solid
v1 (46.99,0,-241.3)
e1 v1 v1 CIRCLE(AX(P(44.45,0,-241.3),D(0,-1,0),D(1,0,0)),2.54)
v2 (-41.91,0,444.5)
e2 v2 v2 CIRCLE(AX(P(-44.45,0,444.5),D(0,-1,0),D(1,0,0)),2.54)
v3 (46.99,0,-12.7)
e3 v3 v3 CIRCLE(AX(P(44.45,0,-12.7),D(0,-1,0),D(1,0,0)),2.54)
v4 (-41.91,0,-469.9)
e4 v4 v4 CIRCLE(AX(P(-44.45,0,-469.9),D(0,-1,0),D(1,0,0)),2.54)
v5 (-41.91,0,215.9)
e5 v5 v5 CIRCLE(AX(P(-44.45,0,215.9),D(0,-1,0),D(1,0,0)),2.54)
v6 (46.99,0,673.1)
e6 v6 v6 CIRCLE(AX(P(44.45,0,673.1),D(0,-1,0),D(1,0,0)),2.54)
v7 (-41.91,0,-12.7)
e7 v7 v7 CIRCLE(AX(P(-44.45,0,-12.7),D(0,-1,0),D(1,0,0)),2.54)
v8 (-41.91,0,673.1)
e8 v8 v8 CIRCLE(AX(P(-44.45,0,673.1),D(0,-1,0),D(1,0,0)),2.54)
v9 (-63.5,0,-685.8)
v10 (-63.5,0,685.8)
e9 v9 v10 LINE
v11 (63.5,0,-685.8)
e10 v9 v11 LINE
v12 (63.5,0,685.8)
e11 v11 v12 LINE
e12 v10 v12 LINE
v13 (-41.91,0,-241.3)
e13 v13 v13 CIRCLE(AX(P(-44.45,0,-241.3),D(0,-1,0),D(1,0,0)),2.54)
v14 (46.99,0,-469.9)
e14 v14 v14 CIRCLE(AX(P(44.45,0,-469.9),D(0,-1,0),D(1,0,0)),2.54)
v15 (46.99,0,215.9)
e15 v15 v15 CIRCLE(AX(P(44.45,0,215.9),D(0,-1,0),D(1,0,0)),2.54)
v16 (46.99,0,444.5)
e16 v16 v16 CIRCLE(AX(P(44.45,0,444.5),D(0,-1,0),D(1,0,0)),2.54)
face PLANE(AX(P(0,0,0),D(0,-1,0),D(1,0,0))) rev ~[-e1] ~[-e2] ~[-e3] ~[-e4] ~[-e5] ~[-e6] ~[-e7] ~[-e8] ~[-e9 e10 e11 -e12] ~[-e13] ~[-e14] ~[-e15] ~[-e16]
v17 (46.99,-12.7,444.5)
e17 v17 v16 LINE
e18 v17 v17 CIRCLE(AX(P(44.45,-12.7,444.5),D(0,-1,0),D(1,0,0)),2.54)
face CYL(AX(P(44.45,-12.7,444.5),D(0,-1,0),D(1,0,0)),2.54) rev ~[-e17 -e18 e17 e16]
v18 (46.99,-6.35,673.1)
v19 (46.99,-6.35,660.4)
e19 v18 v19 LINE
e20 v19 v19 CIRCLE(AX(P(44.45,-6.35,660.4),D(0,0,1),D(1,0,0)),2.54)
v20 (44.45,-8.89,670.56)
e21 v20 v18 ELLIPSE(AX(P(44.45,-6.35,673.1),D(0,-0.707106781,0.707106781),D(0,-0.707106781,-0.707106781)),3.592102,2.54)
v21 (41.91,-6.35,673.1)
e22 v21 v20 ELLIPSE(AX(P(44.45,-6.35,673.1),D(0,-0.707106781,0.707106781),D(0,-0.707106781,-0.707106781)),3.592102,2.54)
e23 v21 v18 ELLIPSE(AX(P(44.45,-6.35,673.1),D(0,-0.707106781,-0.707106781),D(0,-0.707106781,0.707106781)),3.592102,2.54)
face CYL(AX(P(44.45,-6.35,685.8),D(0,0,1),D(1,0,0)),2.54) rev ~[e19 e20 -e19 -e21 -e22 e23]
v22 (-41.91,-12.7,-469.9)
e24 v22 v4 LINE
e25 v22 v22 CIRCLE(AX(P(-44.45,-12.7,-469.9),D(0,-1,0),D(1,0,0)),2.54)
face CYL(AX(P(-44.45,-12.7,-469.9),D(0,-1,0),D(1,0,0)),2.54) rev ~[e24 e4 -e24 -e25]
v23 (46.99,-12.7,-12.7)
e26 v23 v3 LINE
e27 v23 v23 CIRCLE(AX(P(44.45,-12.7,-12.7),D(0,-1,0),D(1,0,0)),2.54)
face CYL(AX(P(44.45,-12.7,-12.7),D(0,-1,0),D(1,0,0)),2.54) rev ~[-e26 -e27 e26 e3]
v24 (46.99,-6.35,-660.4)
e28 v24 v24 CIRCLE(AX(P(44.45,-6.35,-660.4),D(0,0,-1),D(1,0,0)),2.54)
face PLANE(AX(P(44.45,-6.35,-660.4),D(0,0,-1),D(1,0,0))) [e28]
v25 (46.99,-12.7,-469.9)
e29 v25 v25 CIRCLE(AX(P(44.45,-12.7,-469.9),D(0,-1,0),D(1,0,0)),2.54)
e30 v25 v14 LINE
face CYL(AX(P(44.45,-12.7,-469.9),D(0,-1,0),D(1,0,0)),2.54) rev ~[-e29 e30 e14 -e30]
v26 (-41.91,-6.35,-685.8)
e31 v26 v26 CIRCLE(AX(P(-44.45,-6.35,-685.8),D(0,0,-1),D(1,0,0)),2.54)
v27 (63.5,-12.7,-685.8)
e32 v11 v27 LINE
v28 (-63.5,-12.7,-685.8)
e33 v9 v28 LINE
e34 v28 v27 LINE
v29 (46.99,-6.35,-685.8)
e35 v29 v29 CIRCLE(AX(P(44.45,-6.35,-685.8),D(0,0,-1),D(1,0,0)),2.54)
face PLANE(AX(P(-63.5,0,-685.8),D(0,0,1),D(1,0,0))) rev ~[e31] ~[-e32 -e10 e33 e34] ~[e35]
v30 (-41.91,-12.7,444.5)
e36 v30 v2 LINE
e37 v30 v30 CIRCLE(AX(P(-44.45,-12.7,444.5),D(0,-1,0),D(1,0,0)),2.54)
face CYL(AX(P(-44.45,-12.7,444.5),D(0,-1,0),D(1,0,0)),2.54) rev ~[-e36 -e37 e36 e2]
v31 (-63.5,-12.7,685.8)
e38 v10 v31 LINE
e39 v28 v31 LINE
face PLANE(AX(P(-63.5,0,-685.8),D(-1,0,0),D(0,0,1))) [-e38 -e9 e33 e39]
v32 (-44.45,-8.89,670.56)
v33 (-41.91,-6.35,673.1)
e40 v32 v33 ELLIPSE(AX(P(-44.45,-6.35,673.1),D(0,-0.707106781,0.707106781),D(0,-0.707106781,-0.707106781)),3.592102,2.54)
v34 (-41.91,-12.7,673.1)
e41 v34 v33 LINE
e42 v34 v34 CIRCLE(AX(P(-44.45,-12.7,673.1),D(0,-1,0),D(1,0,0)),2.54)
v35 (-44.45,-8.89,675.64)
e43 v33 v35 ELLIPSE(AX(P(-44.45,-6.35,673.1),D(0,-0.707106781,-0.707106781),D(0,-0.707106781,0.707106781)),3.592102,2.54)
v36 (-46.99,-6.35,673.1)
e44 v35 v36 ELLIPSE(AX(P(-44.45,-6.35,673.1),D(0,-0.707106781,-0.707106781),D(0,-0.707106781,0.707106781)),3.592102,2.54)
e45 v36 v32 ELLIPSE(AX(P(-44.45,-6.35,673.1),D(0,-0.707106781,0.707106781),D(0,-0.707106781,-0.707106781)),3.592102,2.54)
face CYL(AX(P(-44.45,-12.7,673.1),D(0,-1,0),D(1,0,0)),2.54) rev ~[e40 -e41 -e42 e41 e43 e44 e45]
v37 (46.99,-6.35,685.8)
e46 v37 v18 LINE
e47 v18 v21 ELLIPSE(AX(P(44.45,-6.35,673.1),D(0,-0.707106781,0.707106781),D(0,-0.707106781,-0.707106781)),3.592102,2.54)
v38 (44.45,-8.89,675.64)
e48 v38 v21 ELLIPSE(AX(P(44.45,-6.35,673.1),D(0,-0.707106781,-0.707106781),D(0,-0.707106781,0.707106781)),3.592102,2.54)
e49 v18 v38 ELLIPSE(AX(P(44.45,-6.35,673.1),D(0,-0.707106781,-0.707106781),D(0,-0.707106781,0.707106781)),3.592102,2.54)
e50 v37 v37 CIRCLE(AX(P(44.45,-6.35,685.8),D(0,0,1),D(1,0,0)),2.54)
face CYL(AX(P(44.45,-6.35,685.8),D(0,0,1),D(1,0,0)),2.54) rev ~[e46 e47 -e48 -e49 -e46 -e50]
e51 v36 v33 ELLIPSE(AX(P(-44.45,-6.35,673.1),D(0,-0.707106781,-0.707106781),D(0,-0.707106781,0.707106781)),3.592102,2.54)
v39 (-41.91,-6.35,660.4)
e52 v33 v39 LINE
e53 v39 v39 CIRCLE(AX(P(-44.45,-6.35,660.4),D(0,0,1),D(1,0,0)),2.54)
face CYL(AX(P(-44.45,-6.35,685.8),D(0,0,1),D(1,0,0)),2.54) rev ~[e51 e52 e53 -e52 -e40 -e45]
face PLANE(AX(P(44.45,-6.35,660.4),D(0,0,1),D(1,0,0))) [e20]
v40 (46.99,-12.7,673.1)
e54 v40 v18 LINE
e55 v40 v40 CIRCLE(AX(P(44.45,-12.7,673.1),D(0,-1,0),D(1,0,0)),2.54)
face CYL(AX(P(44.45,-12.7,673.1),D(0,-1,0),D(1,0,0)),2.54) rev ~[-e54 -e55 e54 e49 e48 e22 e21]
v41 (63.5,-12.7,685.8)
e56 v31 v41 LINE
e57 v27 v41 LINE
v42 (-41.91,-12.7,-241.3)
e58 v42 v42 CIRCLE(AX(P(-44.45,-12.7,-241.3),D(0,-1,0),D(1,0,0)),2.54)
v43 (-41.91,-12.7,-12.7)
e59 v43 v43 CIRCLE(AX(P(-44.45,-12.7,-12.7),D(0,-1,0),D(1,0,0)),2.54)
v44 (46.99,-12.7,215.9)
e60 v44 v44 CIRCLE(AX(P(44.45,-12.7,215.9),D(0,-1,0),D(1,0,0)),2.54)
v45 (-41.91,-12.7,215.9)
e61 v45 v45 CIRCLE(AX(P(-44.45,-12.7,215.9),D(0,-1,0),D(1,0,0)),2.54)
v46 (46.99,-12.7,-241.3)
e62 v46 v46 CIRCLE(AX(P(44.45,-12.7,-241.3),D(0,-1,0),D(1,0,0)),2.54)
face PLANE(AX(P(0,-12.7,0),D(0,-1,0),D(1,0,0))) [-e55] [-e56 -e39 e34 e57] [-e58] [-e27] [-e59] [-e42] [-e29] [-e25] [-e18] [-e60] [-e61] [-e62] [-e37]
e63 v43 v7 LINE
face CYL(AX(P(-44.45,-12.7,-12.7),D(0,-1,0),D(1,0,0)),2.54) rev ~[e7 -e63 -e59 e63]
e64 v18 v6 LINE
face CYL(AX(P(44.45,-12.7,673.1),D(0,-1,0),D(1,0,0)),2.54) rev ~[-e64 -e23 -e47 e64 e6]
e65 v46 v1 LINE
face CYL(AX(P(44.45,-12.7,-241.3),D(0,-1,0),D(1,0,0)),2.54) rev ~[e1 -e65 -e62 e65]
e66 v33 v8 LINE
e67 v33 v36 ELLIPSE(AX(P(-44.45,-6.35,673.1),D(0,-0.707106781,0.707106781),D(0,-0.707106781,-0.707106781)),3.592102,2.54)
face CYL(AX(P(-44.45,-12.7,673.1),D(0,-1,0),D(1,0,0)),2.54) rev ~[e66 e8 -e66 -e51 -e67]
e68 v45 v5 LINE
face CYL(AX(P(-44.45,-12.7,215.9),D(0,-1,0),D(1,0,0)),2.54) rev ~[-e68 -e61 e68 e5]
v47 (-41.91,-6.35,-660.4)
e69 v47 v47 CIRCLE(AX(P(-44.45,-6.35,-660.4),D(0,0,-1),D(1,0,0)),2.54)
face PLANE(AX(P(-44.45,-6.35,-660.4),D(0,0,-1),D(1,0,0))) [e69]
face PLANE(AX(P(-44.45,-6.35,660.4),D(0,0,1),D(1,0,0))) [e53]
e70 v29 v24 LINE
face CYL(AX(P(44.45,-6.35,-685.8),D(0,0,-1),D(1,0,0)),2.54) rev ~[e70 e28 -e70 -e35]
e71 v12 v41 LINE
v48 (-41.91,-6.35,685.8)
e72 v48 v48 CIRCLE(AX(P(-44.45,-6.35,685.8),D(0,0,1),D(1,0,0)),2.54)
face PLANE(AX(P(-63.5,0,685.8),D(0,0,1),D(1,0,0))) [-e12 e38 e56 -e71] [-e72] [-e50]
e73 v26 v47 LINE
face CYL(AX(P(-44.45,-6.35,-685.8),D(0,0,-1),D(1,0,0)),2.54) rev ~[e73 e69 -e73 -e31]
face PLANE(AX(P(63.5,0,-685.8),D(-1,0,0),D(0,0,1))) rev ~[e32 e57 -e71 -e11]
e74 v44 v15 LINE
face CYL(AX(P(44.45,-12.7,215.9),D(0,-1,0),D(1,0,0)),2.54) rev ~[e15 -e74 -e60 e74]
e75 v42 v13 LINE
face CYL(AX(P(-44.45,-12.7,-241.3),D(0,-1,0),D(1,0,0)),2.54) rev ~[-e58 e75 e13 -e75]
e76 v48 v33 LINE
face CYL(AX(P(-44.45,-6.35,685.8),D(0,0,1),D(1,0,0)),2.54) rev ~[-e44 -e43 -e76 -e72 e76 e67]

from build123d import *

# Parameters (mm, degrees)
F0_W     = 127
F0_H     = 1371.6
F1_DEPTH = 12.7
F2_R     = 2.54
F3_DEPTH = 309.88
F4_R     = 2.54
F5_DEPTH = 25.4
F6_R     = 2.54
F7_DEPTH = 25.4


with BuildPart() as f1:
    # F0 (on Front) → F1 (new body)
    with BuildSketch(Plane.XZ):
        Rectangle(F0_W, F0_H)
    extrude(amount=F1_DEPTH)

    # F2 (on face) → F3 (cut)
    with BuildSketch(Plane.XZ.offset(12.7)):
        with Locations((-44.45, -469.9)):
            Circle(F2_R)
        with Locations((44.45, -469.9)):
            Circle(F2_R)
        with Locations((44.45, -241.3)):
            Circle(F2_R)
        with Locations((-44.45, -241.3)):
            Circle(F2_R)
        with Locations((44.45, -12.7)):
            Circle(F2_R)
        with Locations((-44.45, -12.7)):
            Circle(F2_R)
        with Locations((44.45, 215.9)):
            Circle(F2_R)
        with Locations((-44.45, 215.9)):
            Circle(F2_R)
        with Locations((44.45, 444.5)):
            Circle(F2_R)
        with Locations((-44.45, 444.5)):
            Circle(F2_R)
        with Locations((44.45, 673.1)):
            Circle(F2_R)
        with Locations((-44.45, 673.1)):
            Circle(F2_R)
    extrude(amount=-F3_DEPTH, mode=Mode.SUBTRACT)

    # F4 (on face) → F5 (cut)
    with BuildSketch(Plane(origin=(0, 0, -685.8), x_dir=(1, 0, 0), z_dir=(0, 0, -1))):
        with Locations((-44.45, 6.35)):
            Circle(F4_R)
        with Locations((44.45, 6.35)):
            Circle(F4_R)
    extrude(amount=-F5_DEPTH, mode=Mode.SUBTRACT)

    # F6 (on face) → F7 (cut)
    with BuildSketch(Plane.XY.offset(685.8)):
        with Locations((-44.45, -6.35)):
            Circle(F6_R)
        with Locations((44.45, -6.35)):
            Circle(F6_R)
    extrude(amount=-F7_DEPTH, mode=Mode.SUBTRACT)


solid = f1.part
